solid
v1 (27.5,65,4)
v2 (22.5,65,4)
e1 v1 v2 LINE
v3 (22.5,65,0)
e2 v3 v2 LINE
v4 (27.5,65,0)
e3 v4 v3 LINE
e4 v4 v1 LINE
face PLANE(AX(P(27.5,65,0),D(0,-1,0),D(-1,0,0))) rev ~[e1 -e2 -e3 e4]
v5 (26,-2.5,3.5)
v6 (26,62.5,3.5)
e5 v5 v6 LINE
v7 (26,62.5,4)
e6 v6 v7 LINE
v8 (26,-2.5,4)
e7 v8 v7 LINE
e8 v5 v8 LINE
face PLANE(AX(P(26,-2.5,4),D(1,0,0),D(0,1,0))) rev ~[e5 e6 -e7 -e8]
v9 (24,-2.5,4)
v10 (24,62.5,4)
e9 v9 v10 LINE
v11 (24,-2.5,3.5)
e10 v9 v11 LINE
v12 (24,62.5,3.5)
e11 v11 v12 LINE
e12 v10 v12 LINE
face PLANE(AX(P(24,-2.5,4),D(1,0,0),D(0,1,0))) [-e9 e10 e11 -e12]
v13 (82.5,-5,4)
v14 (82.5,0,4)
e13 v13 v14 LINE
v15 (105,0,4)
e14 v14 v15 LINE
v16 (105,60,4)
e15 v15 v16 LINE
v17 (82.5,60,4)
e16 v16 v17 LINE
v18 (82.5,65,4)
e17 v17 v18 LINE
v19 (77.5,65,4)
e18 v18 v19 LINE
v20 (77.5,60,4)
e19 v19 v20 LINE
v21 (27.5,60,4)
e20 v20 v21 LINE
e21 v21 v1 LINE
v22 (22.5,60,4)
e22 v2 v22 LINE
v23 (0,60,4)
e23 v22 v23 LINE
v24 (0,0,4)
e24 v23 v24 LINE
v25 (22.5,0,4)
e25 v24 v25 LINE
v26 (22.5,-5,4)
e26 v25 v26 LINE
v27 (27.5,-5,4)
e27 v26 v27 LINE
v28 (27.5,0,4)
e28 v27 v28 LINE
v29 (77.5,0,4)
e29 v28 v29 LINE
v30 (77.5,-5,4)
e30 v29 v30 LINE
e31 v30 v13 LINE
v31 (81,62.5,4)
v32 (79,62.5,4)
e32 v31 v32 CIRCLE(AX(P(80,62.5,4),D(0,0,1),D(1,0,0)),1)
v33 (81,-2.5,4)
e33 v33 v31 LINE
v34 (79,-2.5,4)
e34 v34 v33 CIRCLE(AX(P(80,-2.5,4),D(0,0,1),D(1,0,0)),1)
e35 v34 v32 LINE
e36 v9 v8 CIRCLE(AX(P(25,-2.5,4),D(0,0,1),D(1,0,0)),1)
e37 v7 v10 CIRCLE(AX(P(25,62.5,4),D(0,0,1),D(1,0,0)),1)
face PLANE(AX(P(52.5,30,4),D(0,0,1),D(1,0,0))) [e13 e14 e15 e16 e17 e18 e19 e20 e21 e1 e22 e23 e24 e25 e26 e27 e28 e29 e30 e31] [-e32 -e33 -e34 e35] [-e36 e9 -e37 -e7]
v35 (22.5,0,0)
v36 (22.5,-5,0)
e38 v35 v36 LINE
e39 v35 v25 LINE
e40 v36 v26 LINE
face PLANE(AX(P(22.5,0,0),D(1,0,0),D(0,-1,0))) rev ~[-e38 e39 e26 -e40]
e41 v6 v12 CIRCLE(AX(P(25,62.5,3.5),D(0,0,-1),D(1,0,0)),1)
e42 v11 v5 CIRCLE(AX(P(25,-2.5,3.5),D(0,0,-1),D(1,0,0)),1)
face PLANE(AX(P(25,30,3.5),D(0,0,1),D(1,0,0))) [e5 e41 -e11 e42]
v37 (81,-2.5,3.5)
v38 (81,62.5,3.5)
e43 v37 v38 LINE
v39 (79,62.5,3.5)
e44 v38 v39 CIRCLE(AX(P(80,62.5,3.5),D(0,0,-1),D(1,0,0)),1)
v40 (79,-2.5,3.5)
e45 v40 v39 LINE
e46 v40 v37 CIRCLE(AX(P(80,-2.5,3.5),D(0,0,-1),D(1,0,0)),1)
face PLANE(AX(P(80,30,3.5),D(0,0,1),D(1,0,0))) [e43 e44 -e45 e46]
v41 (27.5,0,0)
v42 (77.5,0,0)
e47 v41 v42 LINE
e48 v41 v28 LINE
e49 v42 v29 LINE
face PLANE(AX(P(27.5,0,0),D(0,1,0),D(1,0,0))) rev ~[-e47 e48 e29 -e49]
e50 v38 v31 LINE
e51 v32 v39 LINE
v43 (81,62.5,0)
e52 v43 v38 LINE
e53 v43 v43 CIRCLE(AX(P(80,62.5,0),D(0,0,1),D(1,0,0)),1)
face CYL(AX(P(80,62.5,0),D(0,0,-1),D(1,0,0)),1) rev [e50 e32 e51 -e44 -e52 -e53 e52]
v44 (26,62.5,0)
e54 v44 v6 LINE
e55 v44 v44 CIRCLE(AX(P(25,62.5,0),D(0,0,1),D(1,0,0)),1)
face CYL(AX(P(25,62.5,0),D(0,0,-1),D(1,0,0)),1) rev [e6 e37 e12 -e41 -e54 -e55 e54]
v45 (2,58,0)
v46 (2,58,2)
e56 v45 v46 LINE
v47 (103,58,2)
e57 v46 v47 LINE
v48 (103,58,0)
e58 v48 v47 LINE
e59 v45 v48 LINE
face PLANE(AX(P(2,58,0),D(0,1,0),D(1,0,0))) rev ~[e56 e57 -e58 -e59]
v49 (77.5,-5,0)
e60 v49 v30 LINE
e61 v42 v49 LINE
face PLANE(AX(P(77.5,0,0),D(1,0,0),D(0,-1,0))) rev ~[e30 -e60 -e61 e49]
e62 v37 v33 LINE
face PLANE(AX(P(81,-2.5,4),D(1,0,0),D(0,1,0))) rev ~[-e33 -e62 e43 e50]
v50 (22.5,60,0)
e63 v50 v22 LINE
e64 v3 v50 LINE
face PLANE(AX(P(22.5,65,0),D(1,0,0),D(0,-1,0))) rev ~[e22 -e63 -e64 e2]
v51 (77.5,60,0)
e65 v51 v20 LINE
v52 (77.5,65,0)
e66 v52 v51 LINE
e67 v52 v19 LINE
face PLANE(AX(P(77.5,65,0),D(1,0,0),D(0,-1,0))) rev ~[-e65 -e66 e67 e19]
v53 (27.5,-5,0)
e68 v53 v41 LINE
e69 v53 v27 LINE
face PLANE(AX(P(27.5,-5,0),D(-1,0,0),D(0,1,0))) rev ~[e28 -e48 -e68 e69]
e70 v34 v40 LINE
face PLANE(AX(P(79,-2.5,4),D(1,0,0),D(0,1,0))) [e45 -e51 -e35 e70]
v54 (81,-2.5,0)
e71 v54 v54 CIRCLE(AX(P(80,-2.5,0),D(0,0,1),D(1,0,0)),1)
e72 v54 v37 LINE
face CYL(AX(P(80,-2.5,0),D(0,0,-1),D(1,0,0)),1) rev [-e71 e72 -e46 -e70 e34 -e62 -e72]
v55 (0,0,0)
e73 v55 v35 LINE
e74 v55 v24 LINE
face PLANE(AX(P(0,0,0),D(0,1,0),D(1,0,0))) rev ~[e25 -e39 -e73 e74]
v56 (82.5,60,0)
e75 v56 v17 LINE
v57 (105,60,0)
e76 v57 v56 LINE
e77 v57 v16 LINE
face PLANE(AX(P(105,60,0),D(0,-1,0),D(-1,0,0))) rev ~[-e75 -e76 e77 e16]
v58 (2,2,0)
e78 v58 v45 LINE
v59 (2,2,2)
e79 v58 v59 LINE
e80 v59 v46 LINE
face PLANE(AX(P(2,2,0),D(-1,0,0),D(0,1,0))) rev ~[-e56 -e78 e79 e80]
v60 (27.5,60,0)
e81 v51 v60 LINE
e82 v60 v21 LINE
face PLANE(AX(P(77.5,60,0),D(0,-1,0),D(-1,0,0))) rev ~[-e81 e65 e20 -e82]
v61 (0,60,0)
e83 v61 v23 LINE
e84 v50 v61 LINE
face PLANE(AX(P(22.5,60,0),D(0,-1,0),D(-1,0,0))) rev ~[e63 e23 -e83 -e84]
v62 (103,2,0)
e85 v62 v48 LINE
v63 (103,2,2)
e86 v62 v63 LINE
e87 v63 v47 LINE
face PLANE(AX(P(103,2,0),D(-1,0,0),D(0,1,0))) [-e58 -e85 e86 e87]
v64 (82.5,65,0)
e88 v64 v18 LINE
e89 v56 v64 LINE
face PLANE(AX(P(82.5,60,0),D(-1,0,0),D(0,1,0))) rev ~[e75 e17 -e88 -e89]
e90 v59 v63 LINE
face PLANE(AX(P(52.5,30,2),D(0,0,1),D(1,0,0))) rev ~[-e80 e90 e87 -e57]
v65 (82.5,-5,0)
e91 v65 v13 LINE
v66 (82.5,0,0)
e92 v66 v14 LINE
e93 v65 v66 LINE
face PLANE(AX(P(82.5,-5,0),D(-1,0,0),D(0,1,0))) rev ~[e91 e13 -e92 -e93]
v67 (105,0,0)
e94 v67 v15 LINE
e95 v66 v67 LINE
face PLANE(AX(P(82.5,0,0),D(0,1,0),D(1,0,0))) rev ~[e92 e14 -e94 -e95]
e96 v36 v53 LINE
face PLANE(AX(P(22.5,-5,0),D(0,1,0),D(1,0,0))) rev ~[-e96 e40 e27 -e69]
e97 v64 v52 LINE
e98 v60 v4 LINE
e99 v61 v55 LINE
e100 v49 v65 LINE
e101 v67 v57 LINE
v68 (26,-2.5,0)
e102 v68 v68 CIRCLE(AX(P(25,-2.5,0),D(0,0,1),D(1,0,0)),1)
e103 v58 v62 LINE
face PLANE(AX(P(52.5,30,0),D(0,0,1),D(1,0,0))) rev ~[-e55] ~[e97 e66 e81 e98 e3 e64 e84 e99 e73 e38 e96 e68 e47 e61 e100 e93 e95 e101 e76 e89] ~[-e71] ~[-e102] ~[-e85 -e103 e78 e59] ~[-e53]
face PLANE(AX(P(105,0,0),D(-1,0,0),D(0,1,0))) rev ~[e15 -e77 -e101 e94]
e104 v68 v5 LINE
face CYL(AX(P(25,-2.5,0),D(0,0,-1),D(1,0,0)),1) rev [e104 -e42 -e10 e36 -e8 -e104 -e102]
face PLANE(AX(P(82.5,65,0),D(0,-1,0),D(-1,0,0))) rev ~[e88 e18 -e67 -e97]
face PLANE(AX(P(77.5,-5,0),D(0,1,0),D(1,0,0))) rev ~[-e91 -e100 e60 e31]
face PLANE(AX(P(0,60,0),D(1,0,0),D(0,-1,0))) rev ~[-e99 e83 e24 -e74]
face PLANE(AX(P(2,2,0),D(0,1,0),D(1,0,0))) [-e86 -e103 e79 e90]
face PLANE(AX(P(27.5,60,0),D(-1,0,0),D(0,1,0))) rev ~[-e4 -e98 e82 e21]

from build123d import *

# Parameters (mm, degrees)
SKETCH_R        = 1
PAD_DEPTH       = 4
SKETCH001_W     = 101
SKETCH001_H     = 56
POCKET_DEPTH    = 2
SKETCH002_W     = 2
SKETCH002_H     = 65
POCKET001_DEPTH = 0.5


with BuildPart() as part:
    # Sketch → Pad (new body)
    with BuildSketch(Plane.XY):
        Polygon((105, 0), (105, 60), (82.5, 60), (82.5, 65), (77.5, 65), (77.5, 60), (27.5, 60), (27.5, 65), (22.5, 65), (22.5, 60), (0, 60), (0, 0), (22.5, 0), (22.5, -5), (27.5, -5), (27.5, 0), (77.5, 0), (77.5, -5), (82.5, -5), (82.5, 0), align=None)
        with Locations((25, 62.5)):
            Circle(SKETCH_R, mode=Mode.SUBTRACT)
        with Locations((80, 62.5)):
            Circle(SKETCH_R, mode=Mode.SUBTRACT)
        with Locations((80, -2.5)):
            Circle(SKETCH_R, mode=Mode.SUBTRACT)
        with Locations((25, -2.5)):
            Circle(SKETCH_R, mode=Mode.SUBTRACT)
    extrude(amount=PAD_DEPTH)

    # Sketch001 → Pocket (cut)
    with BuildSketch(Plane.XY):
        with Locations((52.5, 30)):
            Rectangle(SKETCH001_W, SKETCH001_H)
    extrude(amount=POCKET_DEPTH, mode=Mode.SUBTRACT)

    # Sketch002 (on Face5 of Pocket) → Pocket001 (cut)
    with BuildSketch(Plane.XY.offset(4)):
        with Locations((25, 30)):
            Rectangle(SKETCH002_W, SKETCH002_H)
        with Locations((80, 30)):
            Rectangle(SKETCH002_W, SKETCH002_H)
    extrude(amount=-POCKET001_DEPTH, mode=Mode.SUBTRACT)


solid = part.part
